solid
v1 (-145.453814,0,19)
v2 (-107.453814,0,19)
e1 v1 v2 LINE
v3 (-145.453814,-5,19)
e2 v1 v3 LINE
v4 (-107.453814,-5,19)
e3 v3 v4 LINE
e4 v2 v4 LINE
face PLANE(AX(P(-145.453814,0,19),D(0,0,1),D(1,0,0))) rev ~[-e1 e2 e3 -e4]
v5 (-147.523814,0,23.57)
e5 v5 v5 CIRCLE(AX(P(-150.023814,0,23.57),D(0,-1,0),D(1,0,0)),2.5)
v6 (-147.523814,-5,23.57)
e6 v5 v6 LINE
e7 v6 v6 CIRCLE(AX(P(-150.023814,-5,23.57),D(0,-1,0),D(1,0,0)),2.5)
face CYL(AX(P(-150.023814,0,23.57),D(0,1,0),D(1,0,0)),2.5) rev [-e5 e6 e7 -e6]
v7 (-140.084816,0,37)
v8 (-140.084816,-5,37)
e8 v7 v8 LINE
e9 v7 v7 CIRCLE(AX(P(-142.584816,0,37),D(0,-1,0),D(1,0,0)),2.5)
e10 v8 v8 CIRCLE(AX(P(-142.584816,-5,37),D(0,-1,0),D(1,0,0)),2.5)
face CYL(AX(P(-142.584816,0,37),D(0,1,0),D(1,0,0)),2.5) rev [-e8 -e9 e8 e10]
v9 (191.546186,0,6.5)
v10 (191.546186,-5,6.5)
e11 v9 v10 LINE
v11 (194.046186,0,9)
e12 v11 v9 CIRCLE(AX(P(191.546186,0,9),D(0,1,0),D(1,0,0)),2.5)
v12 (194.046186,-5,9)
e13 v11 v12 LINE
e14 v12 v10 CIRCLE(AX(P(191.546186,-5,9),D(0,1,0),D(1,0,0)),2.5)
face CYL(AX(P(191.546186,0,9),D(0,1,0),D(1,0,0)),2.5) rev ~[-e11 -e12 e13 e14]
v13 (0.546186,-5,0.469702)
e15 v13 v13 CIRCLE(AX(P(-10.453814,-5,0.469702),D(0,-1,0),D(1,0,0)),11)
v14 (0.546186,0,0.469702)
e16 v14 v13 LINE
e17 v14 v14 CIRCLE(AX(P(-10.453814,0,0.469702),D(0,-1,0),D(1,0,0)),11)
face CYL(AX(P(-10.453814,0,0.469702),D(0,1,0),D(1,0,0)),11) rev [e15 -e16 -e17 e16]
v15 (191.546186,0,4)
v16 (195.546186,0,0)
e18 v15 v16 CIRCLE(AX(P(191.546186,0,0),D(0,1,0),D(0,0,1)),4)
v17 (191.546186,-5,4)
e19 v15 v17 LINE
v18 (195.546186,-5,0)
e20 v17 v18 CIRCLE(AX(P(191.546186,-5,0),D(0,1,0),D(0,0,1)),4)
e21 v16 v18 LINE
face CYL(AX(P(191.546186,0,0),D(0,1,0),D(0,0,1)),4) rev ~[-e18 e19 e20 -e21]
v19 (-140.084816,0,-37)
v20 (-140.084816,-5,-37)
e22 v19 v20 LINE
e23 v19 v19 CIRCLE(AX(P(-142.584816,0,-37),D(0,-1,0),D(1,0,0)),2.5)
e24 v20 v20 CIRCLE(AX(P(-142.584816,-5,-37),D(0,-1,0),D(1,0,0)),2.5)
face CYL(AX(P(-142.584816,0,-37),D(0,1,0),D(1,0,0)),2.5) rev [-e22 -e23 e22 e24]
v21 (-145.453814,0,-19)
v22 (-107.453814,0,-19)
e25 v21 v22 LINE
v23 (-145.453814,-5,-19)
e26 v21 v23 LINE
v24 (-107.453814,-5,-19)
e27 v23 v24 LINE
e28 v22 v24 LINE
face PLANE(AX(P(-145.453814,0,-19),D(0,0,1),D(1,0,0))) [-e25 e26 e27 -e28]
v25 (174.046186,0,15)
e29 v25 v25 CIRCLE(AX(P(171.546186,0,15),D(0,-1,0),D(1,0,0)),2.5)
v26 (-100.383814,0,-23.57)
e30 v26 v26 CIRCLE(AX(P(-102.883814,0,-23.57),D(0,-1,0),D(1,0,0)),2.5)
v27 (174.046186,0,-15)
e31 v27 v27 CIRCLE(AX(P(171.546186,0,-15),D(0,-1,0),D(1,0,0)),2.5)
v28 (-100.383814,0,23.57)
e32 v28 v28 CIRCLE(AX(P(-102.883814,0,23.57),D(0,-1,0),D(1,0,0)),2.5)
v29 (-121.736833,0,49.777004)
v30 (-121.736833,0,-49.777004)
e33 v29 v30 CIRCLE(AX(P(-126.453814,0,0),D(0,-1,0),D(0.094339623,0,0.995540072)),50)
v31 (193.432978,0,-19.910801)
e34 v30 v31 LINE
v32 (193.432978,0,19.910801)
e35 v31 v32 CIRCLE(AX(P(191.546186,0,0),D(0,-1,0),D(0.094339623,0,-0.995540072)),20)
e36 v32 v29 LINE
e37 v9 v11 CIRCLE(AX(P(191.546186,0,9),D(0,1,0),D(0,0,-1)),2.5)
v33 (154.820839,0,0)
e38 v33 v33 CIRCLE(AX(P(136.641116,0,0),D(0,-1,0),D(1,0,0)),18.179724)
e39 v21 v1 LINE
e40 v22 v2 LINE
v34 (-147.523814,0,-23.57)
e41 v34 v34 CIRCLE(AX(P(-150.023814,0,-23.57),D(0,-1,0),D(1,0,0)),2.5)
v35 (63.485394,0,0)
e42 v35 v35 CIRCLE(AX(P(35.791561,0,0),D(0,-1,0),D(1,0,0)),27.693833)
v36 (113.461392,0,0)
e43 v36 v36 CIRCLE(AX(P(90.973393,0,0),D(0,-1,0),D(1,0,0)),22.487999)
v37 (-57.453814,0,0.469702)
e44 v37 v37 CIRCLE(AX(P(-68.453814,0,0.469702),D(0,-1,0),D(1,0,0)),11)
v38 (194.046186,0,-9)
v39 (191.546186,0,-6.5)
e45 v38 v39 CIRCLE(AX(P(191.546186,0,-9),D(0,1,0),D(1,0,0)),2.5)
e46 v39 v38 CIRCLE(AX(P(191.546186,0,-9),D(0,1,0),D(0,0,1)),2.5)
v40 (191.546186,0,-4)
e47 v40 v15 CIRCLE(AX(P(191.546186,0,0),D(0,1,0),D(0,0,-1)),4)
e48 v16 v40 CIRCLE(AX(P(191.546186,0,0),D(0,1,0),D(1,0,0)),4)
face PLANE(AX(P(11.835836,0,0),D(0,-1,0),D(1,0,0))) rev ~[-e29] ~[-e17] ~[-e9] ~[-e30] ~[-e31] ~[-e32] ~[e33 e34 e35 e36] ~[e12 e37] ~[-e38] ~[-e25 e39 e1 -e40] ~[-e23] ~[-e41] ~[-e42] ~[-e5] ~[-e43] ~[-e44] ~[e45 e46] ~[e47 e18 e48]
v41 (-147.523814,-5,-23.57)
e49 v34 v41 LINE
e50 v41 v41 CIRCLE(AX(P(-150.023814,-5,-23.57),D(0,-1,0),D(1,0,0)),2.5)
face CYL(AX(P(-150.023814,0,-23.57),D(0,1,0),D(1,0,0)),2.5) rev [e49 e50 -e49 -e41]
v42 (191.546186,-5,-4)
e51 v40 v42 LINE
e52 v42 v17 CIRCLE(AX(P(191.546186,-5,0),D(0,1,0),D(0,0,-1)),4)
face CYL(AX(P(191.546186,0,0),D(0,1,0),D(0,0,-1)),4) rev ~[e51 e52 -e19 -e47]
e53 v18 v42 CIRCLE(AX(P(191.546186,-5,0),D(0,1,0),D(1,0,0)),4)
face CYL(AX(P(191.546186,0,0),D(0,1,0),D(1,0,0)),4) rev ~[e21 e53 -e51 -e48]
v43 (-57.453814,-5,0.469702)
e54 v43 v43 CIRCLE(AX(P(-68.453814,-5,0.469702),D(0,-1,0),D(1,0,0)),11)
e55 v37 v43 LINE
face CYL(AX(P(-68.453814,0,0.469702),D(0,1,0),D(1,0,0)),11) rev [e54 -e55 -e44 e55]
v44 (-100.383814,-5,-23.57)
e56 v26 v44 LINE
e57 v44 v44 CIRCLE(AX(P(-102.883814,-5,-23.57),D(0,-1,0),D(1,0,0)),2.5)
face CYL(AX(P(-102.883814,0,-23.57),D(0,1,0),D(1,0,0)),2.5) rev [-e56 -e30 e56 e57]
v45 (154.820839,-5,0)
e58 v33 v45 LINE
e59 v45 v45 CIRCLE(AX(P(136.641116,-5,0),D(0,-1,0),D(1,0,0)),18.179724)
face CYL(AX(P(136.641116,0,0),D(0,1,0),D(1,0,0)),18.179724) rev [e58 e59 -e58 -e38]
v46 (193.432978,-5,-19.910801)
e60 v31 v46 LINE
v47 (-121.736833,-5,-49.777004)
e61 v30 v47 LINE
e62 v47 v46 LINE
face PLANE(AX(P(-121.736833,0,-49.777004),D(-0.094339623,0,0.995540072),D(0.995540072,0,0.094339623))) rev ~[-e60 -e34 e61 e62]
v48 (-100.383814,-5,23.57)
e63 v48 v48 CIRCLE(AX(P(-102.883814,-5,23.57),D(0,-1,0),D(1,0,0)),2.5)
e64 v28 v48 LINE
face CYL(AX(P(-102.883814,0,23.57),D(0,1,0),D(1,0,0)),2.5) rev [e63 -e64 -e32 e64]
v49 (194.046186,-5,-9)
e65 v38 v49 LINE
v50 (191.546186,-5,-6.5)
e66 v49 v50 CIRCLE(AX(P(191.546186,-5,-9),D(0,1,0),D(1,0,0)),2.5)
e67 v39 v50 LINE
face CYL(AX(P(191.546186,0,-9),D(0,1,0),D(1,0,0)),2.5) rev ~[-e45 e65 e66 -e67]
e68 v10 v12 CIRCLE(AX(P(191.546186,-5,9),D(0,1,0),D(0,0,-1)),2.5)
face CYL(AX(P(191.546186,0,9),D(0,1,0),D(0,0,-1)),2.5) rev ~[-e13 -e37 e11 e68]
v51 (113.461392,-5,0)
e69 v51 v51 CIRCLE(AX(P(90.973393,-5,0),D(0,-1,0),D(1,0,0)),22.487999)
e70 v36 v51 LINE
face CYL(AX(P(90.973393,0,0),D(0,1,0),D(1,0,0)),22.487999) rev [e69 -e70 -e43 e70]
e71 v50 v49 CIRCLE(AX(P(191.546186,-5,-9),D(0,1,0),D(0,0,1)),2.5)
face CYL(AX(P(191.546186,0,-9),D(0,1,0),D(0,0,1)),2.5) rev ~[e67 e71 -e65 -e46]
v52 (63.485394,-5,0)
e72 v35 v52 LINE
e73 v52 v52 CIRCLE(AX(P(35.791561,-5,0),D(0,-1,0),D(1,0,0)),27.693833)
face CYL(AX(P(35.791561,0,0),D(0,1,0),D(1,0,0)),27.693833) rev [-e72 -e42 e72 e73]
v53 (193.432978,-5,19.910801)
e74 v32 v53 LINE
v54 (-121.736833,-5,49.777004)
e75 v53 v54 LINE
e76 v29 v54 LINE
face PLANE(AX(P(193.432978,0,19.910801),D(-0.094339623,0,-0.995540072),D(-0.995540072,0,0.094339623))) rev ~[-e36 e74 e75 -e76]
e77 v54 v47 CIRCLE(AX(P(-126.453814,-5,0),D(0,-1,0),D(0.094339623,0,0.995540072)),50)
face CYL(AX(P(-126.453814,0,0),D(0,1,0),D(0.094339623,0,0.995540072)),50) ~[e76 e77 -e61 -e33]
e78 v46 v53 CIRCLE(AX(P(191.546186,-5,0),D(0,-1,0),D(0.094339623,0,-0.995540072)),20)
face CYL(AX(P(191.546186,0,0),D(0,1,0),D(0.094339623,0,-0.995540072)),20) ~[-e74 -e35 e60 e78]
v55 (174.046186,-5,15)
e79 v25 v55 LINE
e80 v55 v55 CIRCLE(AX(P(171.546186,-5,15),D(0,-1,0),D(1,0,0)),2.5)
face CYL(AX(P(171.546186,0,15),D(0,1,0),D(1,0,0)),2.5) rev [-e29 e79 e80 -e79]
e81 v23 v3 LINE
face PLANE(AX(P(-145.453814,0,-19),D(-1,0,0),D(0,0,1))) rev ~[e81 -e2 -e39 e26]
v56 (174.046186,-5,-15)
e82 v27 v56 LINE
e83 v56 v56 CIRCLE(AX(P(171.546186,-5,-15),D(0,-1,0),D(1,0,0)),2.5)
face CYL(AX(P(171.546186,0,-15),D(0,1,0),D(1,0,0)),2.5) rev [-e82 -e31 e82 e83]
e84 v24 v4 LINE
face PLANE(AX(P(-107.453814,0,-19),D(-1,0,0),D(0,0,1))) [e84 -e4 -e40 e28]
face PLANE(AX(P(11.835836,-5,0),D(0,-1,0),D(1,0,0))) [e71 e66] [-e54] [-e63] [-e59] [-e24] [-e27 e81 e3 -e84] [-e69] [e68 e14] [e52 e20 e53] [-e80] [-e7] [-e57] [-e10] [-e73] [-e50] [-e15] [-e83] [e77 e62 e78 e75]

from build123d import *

# Parameters (mm, degrees)
F0_R     = 2.5
F0_W     = 38
F0_H     = 38
F0_R_2   = 11
F0_R_3   = 27.6938325479
F0_R_4   = 22.48799935
F0_R_5   = 18.1797236
F1_DEPTH = 5


with BuildPart() as f1:
    # F0 (on Front) → F1 (new body)
    with BuildSketch(Plane.XZ):
        with BuildLine():
            Line((193.4329784677, 19.9108014464), (-121.736832853, 49.7770036161))
            ThreePointArc((-121.736832853, 49.7770036161), (-176.4538139851, 0), (-121.736832853, -49.7770036161))
            Line((-121.736832853, -49.7770036161), (193.4329784677, -19.9108014464))
            ThreePointArc((193.4329784677, -19.9108014464), (211.5461860149, 0), (193.4329784677, 19.9108014464))
        make_face()
        with Locations((-142.5848156214, -37)):
            Circle(F0_R, mode=Mode.SUBTRACT)
        with Locations((-150.0238139851, -23.57)):
            Circle(F0_R, mode=Mode.SUBTRACT)
        with Locations((-102.8838139851, -23.57)):
            Circle(F0_R, mode=Mode.SUBTRACT)
        with Locations((171.5461860149, -15)):
            Circle(F0_R, mode=Mode.SUBTRACT)
        with BuildLine():
            ThreePointArc((194.0461860149, -9), (189.7784190619, -10.767766953), (191.5461860149, -6.5))
            ThreePointArc((191.5461860149, -6.5), (193.3139529678, -7.232233047), (194.0461860149, -9))
        make_face(mode=Mode.SUBTRACT)
        with Locations((-126.4538139851, 0)):
            Rectangle(F0_W, F0_H, mode=Mode.SUBTRACT)
        with Locations((-150.0238139851, 23.57)):
            Circle(F0_R, mode=Mode.SUBTRACT)
        with Locations((-102.8838139851, 23.57)):
            Circle(F0_R, mode=Mode.SUBTRACT)
        with Locations((-68.4538139851, 0.469701714)):
            Circle(F0_R_2, mode=Mode.SUBTRACT)
        with Locations((-10.4538139851, 0.469701714)):
            Circle(F0_R_2, mode=Mode.SUBTRACT)
        with Locations((-142.5848156214, 37)):
            Circle(F0_R, mode=Mode.SUBTRACT)
        with Locations((35.7915610075, 0)):
            Circle(F0_R_3, mode=Mode.SUBTRACT)
        with Locations((90.9733929053, 0)):
            Circle(F0_R_4, mode=Mode.SUBTRACT)
        with Locations((136.6411158552, 0)):
            Circle(F0_R_5, mode=Mode.SUBTRACT)
        with BuildLine():
            ThreePointArc((191.5461860149, 4), (194.3746131396, 2.8284271247), (195.5461860149, 0))
            ThreePointArc((195.5461860149, 0), (194.3746131396, -2.8284271247), (191.5461860149, -4))
            ThreePointArc((191.5461860149, -4), (187.5461860149, 0), (191.5461860149, 4))
        make_face(mode=Mode.SUBTRACT)
        with BuildLine():
            ThreePointArc((194.0461860149, 9), (193.3139529678, 7.232233047), (191.5461860149, 6.5))
            ThreePointArc((191.5461860149, 6.5), (189.7784190619, 10.767766953), (194.0461860149, 9))
        make_face(mode=Mode.SUBTRACT)
        with Locations((171.5461860149, 15)):
            Circle(F0_R, mode=Mode.SUBTRACT)
    extrude(amount=F1_DEPTH)


solid = f1.part
